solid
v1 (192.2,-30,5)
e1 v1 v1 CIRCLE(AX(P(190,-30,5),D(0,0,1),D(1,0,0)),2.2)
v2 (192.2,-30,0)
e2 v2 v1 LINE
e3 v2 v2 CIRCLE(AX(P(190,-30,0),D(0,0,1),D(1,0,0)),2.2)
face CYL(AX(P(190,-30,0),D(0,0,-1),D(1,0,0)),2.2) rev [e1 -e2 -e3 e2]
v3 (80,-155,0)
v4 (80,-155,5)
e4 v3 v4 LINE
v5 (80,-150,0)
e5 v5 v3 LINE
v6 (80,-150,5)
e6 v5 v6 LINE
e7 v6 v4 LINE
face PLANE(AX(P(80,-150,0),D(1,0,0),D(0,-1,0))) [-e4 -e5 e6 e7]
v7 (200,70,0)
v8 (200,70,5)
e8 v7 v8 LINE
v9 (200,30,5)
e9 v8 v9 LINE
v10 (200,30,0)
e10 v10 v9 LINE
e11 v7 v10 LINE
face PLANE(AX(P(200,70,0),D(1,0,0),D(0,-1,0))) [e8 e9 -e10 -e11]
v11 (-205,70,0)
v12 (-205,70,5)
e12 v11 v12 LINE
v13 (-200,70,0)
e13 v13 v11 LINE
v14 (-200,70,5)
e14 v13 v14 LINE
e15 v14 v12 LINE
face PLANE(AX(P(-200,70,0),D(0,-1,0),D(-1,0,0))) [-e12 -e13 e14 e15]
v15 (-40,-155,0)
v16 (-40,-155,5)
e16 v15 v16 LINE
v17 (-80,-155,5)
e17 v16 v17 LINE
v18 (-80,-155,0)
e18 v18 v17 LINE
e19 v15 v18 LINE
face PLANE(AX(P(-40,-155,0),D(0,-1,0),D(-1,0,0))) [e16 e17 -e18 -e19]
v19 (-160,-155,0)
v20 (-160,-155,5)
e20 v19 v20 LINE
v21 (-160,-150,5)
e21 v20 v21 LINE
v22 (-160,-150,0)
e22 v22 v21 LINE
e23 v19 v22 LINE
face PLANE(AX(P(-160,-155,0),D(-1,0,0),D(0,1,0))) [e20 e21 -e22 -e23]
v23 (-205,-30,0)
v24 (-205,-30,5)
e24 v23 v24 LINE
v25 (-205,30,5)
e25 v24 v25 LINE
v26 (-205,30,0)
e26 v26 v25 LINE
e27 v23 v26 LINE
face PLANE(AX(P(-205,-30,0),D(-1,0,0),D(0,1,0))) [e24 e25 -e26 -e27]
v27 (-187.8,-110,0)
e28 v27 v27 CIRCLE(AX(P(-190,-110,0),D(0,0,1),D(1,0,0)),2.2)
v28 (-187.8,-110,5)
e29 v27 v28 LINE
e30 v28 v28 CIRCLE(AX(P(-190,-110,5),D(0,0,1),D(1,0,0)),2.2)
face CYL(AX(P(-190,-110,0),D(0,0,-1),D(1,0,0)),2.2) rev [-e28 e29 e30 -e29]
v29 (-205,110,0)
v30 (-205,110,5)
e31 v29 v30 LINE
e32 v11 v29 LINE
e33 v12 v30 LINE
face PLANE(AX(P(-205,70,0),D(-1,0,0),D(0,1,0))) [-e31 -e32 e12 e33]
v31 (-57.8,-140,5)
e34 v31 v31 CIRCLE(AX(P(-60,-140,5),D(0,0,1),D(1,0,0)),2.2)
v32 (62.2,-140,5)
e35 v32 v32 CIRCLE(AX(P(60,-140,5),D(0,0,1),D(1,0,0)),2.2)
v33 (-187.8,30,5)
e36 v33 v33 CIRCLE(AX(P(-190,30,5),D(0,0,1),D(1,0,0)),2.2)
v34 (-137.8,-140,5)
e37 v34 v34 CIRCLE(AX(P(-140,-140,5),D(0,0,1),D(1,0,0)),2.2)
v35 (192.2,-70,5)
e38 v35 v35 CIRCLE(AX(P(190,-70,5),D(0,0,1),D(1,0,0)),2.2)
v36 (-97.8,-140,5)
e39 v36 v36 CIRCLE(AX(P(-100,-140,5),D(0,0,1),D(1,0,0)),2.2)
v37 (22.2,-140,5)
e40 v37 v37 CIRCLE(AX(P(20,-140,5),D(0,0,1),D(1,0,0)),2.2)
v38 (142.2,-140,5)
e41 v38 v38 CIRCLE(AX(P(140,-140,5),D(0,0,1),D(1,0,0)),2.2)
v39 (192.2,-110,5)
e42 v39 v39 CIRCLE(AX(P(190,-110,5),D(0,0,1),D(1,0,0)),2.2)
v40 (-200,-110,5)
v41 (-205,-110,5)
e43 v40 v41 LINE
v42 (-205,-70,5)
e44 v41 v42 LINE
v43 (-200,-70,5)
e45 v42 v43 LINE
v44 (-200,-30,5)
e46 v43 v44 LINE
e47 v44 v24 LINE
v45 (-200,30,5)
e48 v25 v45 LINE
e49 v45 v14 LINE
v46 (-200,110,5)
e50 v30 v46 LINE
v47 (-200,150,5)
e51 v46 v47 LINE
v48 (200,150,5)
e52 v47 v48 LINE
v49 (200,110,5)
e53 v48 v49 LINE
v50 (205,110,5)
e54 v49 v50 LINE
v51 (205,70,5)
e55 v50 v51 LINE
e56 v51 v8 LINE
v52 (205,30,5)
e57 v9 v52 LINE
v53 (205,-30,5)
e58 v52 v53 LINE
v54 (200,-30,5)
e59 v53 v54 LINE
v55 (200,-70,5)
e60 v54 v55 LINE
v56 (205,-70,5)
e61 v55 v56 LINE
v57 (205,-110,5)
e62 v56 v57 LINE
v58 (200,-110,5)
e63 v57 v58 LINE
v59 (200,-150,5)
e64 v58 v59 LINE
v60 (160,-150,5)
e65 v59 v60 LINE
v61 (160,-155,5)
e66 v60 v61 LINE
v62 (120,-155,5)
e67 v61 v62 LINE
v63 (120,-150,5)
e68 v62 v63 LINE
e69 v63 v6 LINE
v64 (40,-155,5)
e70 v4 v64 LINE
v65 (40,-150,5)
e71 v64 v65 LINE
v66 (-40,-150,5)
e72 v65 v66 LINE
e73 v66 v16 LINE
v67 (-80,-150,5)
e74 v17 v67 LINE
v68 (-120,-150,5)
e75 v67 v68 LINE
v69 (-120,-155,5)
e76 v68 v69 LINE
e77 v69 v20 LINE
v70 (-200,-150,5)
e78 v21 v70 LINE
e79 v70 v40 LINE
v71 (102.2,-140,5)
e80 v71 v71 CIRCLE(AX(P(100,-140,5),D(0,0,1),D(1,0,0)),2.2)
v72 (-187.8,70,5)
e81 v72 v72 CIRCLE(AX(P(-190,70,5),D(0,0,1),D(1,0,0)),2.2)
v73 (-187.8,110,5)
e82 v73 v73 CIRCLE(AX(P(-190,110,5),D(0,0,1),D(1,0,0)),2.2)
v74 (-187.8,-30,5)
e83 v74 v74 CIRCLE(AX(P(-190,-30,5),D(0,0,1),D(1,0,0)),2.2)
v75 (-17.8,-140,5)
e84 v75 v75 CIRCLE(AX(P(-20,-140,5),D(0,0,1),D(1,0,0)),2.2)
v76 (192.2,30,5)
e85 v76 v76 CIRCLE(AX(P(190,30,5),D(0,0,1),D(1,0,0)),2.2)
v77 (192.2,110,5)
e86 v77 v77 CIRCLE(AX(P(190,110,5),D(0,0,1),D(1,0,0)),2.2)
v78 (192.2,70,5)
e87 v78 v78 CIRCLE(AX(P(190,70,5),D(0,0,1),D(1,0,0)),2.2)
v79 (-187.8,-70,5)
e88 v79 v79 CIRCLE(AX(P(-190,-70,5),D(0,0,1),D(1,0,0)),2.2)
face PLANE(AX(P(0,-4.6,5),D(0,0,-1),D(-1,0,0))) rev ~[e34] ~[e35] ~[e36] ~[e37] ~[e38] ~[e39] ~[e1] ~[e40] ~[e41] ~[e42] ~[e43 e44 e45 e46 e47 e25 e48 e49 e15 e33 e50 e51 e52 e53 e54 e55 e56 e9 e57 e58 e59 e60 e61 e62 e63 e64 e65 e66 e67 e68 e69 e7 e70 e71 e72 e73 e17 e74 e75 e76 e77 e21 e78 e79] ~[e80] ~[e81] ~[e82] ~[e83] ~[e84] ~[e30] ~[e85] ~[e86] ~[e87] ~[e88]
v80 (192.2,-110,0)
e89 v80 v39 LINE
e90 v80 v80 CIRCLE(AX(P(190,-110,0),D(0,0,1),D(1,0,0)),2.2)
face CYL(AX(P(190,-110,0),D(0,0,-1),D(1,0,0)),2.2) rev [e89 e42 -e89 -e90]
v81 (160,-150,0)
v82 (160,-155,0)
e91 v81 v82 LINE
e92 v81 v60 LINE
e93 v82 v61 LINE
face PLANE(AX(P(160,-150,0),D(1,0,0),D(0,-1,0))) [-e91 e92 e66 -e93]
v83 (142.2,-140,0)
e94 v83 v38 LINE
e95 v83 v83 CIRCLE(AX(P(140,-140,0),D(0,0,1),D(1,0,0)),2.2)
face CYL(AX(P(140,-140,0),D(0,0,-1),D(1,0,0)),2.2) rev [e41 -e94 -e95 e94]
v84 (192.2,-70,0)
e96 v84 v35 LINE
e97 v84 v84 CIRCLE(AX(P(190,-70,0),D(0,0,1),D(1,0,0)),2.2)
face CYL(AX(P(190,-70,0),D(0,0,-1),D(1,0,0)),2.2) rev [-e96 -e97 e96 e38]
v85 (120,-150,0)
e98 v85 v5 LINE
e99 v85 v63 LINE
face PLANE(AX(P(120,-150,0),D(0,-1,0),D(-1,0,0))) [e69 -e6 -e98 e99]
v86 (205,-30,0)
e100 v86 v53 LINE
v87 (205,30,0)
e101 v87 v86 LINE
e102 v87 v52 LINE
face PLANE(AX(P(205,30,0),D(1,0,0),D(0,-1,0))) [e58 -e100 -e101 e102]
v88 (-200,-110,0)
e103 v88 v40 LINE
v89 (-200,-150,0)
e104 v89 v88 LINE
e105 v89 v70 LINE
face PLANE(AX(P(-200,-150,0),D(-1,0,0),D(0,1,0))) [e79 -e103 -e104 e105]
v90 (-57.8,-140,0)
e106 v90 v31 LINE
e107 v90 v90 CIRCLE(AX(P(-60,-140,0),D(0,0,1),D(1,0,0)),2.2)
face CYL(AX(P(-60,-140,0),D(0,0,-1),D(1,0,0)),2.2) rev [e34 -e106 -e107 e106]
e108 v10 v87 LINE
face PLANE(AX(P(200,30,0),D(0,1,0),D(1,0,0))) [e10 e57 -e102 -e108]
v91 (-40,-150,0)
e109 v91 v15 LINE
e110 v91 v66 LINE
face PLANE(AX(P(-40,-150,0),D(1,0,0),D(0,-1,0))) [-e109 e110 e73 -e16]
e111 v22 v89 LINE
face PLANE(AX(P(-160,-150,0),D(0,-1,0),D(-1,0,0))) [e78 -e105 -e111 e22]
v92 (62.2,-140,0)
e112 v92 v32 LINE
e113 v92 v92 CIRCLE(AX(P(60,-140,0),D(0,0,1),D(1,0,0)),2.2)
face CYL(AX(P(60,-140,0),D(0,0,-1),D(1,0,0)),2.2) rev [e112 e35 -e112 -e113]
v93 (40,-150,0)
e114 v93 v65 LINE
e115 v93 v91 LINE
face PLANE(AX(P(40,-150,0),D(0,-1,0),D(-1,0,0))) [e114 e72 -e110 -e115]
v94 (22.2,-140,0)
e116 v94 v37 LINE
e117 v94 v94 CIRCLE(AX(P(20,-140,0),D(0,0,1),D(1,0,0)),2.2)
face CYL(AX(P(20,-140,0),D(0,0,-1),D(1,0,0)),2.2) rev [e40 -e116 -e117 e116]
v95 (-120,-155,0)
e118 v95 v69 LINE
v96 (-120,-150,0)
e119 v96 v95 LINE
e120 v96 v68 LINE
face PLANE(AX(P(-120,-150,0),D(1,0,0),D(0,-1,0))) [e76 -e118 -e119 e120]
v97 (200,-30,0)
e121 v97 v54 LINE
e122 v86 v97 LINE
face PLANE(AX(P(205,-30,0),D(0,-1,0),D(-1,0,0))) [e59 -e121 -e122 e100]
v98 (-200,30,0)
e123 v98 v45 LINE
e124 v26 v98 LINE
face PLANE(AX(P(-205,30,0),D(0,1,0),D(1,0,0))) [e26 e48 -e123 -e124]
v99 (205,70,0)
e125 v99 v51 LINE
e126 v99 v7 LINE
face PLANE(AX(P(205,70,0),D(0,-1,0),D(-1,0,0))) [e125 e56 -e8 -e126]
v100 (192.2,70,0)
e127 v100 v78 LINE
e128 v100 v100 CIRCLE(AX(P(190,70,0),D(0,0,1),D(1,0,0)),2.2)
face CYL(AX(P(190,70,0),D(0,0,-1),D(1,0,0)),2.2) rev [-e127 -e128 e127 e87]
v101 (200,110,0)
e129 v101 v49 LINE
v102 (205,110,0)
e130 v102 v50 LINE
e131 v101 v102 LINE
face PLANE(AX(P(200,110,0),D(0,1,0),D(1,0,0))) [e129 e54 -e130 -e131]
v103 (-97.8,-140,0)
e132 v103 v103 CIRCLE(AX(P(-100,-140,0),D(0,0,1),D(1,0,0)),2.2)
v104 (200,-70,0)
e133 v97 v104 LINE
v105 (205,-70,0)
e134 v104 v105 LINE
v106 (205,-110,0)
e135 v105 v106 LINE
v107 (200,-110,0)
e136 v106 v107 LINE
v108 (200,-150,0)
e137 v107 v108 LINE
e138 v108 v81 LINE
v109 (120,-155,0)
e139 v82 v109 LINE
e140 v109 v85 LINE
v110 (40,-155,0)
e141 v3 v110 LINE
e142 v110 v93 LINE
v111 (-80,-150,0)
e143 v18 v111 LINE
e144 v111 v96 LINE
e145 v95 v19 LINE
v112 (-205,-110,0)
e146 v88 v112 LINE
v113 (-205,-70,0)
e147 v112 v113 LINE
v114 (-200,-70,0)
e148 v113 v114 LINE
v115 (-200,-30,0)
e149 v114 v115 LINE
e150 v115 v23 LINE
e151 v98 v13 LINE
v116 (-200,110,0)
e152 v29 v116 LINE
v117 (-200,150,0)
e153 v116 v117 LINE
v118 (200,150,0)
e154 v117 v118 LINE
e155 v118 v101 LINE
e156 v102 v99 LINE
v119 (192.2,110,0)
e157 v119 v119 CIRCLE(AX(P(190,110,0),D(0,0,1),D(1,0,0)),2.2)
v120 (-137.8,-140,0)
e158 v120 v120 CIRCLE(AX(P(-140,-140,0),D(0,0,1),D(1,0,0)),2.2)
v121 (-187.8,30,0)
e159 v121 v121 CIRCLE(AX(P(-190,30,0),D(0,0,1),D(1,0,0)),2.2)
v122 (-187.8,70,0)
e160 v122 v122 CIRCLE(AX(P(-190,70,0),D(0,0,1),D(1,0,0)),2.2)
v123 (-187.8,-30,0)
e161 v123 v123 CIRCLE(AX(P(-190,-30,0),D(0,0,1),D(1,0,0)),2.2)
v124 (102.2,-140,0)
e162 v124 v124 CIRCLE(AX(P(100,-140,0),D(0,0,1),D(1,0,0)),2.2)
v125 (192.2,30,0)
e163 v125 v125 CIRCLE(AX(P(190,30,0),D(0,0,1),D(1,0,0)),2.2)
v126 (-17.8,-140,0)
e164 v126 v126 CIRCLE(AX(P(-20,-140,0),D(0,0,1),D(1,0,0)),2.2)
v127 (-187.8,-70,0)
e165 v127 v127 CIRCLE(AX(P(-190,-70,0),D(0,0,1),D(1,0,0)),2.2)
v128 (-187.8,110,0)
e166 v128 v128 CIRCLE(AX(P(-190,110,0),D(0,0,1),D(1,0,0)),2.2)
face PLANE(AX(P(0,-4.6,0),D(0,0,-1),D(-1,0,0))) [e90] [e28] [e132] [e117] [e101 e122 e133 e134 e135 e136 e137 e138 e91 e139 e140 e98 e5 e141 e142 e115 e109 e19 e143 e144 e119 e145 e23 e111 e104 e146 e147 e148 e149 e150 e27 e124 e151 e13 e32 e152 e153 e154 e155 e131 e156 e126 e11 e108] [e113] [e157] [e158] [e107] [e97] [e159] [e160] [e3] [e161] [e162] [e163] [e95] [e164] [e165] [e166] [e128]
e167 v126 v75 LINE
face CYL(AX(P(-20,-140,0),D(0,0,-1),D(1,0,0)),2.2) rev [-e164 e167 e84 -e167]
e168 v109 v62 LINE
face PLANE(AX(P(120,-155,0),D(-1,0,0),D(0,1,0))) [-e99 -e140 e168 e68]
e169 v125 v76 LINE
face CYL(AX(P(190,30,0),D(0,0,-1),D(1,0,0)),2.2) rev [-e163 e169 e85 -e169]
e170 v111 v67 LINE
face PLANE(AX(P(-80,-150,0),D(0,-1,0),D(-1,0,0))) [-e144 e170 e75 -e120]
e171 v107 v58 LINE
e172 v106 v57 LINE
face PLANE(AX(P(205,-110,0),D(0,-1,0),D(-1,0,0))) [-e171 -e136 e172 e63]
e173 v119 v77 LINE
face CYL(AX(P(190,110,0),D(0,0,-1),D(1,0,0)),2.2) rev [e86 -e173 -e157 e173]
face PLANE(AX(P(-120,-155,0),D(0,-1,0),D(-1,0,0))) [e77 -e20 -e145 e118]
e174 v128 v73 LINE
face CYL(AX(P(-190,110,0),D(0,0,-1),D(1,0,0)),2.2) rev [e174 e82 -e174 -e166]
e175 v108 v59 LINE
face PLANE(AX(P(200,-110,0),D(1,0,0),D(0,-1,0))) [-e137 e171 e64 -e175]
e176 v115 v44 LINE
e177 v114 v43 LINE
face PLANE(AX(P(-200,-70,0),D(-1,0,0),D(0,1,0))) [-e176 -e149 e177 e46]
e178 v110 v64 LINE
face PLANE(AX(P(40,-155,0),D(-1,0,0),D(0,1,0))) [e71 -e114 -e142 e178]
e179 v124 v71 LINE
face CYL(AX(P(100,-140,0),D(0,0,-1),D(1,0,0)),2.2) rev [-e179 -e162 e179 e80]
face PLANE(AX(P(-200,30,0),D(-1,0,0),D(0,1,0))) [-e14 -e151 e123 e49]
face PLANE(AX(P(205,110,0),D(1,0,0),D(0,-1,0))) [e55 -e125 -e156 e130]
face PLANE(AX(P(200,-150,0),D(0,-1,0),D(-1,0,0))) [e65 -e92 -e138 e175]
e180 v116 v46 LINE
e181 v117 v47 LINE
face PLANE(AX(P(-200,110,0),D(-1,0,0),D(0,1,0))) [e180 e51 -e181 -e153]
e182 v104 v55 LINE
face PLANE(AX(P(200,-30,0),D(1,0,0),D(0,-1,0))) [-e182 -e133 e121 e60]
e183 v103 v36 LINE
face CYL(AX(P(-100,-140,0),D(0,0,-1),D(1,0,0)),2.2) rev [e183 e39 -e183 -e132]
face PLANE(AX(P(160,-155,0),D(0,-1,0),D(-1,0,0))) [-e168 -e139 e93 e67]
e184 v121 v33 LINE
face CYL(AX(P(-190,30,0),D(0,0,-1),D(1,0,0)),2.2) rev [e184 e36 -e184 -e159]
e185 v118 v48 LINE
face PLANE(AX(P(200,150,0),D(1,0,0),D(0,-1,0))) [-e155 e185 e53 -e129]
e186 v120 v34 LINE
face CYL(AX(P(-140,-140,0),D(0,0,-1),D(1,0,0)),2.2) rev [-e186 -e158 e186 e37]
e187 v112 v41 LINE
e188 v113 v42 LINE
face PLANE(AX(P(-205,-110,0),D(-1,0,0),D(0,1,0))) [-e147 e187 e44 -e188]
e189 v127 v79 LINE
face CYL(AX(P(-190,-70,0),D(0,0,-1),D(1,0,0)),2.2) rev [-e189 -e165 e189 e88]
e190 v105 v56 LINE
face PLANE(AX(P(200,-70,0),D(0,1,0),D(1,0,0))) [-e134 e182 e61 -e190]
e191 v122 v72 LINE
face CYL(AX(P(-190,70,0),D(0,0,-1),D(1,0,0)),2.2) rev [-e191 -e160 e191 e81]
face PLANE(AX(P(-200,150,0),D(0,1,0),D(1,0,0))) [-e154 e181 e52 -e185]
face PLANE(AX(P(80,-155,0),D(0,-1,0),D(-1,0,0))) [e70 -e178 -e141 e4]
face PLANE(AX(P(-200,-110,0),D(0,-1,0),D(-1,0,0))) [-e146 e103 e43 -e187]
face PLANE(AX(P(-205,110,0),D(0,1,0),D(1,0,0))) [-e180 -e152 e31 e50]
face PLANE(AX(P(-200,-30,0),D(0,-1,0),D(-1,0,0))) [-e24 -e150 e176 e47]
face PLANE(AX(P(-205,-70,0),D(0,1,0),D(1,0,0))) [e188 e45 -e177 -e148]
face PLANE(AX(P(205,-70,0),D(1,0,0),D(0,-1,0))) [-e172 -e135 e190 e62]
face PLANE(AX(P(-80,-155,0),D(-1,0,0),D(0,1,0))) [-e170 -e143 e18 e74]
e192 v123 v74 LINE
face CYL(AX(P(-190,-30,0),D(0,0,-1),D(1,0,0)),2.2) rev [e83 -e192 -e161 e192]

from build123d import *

# Parameters (mm, degrees)
SKETCH_1_R      = 2.2
EXTRUDE_1_DEPTH = 5


with BuildPart() as part:
    # 草图1 → 凸台-拉伸1 (new body)
    with BuildSketch(Plane.XY):
        Polygon((-200, 150), (200, 150), (200, 110), (205, 110), (205, 70), (200, 70), (200, 30), (205, 30), (205, -30), (200, -30), (200, -70), (205, -70), (205, -110), (200, -110), (200, -150), (160, -150), (160, -155), (120, -155), (120, -150), (80, -150), (80, -155), (40, -155), (40, -150), (-40, -150), (-40, -155), (-80, -155), (-80, -150), (-120, -150), (-120, -155), (-160, -155), (-160, -150), (-200, -150), (-200, -110), (-205, -110), (-205, -70), (-200, -70), (-200, -30), (-205, -30), (-205, 30), (-200, 30), (-200, 70), (-205, 70), (-205, 110), (-200, 110), align=None)
        with Locations((-140, -140)):
            Circle(SKETCH_1_R, mode=Mode.SUBTRACT)
        with Locations((-100, -140)):
            Circle(SKETCH_1_R, mode=Mode.SUBTRACT)
        with Locations((-60, -140)):
            Circle(SKETCH_1_R, mode=Mode.SUBTRACT)
        with Locations((-20, -140)):
            Circle(SKETCH_1_R, mode=Mode.SUBTRACT)
        with Locations((20, -140)):
            Circle(SKETCH_1_R, mode=Mode.SUBTRACT)
        with Locations((60, -140)):
            Circle(SKETCH_1_R, mode=Mode.SUBTRACT)
        with Locations((100, -140)):
            Circle(SKETCH_1_R, mode=Mode.SUBTRACT)
        with Locations((140, -140)):
            Circle(SKETCH_1_R, mode=Mode.SUBTRACT)
        with Locations((-190, 110)):
            Circle(SKETCH_1_R, mode=Mode.SUBTRACT)
        with Locations((-190, 70)):
            Circle(SKETCH_1_R, mode=Mode.SUBTRACT)
        with Locations((-190, 30)):
            Circle(SKETCH_1_R, mode=Mode.SUBTRACT)
        with Locations((-190, -30)):
            Circle(SKETCH_1_R, mode=Mode.SUBTRACT)
        with Locations((-190, -70)):
            Circle(SKETCH_1_R, mode=Mode.SUBTRACT)
        with Locations((-190, -110)):
            Circle(SKETCH_1_R, mode=Mode.SUBTRACT)
        with Locations((190, -110)):
            Circle(SKETCH_1_R, mode=Mode.SUBTRACT)
        with Locations((190, -70)):
            Circle(SKETCH_1_R, mode=Mode.SUBTRACT)
        with Locations((190, -30)):
            Circle(SKETCH_1_R, mode=Mode.SUBTRACT)
        with Locations((190, 30)):
            Circle(SKETCH_1_R, mode=Mode.SUBTRACT)
        with Locations((190, 70)):
            Circle(SKETCH_1_R, mode=Mode.SUBTRACT)
        with Locations((190, 110)):
            Circle(SKETCH_1_R, mode=Mode.SUBTRACT)
    extrude(amount=EXTRUDE_1_DEPTH)


solid = part.part
